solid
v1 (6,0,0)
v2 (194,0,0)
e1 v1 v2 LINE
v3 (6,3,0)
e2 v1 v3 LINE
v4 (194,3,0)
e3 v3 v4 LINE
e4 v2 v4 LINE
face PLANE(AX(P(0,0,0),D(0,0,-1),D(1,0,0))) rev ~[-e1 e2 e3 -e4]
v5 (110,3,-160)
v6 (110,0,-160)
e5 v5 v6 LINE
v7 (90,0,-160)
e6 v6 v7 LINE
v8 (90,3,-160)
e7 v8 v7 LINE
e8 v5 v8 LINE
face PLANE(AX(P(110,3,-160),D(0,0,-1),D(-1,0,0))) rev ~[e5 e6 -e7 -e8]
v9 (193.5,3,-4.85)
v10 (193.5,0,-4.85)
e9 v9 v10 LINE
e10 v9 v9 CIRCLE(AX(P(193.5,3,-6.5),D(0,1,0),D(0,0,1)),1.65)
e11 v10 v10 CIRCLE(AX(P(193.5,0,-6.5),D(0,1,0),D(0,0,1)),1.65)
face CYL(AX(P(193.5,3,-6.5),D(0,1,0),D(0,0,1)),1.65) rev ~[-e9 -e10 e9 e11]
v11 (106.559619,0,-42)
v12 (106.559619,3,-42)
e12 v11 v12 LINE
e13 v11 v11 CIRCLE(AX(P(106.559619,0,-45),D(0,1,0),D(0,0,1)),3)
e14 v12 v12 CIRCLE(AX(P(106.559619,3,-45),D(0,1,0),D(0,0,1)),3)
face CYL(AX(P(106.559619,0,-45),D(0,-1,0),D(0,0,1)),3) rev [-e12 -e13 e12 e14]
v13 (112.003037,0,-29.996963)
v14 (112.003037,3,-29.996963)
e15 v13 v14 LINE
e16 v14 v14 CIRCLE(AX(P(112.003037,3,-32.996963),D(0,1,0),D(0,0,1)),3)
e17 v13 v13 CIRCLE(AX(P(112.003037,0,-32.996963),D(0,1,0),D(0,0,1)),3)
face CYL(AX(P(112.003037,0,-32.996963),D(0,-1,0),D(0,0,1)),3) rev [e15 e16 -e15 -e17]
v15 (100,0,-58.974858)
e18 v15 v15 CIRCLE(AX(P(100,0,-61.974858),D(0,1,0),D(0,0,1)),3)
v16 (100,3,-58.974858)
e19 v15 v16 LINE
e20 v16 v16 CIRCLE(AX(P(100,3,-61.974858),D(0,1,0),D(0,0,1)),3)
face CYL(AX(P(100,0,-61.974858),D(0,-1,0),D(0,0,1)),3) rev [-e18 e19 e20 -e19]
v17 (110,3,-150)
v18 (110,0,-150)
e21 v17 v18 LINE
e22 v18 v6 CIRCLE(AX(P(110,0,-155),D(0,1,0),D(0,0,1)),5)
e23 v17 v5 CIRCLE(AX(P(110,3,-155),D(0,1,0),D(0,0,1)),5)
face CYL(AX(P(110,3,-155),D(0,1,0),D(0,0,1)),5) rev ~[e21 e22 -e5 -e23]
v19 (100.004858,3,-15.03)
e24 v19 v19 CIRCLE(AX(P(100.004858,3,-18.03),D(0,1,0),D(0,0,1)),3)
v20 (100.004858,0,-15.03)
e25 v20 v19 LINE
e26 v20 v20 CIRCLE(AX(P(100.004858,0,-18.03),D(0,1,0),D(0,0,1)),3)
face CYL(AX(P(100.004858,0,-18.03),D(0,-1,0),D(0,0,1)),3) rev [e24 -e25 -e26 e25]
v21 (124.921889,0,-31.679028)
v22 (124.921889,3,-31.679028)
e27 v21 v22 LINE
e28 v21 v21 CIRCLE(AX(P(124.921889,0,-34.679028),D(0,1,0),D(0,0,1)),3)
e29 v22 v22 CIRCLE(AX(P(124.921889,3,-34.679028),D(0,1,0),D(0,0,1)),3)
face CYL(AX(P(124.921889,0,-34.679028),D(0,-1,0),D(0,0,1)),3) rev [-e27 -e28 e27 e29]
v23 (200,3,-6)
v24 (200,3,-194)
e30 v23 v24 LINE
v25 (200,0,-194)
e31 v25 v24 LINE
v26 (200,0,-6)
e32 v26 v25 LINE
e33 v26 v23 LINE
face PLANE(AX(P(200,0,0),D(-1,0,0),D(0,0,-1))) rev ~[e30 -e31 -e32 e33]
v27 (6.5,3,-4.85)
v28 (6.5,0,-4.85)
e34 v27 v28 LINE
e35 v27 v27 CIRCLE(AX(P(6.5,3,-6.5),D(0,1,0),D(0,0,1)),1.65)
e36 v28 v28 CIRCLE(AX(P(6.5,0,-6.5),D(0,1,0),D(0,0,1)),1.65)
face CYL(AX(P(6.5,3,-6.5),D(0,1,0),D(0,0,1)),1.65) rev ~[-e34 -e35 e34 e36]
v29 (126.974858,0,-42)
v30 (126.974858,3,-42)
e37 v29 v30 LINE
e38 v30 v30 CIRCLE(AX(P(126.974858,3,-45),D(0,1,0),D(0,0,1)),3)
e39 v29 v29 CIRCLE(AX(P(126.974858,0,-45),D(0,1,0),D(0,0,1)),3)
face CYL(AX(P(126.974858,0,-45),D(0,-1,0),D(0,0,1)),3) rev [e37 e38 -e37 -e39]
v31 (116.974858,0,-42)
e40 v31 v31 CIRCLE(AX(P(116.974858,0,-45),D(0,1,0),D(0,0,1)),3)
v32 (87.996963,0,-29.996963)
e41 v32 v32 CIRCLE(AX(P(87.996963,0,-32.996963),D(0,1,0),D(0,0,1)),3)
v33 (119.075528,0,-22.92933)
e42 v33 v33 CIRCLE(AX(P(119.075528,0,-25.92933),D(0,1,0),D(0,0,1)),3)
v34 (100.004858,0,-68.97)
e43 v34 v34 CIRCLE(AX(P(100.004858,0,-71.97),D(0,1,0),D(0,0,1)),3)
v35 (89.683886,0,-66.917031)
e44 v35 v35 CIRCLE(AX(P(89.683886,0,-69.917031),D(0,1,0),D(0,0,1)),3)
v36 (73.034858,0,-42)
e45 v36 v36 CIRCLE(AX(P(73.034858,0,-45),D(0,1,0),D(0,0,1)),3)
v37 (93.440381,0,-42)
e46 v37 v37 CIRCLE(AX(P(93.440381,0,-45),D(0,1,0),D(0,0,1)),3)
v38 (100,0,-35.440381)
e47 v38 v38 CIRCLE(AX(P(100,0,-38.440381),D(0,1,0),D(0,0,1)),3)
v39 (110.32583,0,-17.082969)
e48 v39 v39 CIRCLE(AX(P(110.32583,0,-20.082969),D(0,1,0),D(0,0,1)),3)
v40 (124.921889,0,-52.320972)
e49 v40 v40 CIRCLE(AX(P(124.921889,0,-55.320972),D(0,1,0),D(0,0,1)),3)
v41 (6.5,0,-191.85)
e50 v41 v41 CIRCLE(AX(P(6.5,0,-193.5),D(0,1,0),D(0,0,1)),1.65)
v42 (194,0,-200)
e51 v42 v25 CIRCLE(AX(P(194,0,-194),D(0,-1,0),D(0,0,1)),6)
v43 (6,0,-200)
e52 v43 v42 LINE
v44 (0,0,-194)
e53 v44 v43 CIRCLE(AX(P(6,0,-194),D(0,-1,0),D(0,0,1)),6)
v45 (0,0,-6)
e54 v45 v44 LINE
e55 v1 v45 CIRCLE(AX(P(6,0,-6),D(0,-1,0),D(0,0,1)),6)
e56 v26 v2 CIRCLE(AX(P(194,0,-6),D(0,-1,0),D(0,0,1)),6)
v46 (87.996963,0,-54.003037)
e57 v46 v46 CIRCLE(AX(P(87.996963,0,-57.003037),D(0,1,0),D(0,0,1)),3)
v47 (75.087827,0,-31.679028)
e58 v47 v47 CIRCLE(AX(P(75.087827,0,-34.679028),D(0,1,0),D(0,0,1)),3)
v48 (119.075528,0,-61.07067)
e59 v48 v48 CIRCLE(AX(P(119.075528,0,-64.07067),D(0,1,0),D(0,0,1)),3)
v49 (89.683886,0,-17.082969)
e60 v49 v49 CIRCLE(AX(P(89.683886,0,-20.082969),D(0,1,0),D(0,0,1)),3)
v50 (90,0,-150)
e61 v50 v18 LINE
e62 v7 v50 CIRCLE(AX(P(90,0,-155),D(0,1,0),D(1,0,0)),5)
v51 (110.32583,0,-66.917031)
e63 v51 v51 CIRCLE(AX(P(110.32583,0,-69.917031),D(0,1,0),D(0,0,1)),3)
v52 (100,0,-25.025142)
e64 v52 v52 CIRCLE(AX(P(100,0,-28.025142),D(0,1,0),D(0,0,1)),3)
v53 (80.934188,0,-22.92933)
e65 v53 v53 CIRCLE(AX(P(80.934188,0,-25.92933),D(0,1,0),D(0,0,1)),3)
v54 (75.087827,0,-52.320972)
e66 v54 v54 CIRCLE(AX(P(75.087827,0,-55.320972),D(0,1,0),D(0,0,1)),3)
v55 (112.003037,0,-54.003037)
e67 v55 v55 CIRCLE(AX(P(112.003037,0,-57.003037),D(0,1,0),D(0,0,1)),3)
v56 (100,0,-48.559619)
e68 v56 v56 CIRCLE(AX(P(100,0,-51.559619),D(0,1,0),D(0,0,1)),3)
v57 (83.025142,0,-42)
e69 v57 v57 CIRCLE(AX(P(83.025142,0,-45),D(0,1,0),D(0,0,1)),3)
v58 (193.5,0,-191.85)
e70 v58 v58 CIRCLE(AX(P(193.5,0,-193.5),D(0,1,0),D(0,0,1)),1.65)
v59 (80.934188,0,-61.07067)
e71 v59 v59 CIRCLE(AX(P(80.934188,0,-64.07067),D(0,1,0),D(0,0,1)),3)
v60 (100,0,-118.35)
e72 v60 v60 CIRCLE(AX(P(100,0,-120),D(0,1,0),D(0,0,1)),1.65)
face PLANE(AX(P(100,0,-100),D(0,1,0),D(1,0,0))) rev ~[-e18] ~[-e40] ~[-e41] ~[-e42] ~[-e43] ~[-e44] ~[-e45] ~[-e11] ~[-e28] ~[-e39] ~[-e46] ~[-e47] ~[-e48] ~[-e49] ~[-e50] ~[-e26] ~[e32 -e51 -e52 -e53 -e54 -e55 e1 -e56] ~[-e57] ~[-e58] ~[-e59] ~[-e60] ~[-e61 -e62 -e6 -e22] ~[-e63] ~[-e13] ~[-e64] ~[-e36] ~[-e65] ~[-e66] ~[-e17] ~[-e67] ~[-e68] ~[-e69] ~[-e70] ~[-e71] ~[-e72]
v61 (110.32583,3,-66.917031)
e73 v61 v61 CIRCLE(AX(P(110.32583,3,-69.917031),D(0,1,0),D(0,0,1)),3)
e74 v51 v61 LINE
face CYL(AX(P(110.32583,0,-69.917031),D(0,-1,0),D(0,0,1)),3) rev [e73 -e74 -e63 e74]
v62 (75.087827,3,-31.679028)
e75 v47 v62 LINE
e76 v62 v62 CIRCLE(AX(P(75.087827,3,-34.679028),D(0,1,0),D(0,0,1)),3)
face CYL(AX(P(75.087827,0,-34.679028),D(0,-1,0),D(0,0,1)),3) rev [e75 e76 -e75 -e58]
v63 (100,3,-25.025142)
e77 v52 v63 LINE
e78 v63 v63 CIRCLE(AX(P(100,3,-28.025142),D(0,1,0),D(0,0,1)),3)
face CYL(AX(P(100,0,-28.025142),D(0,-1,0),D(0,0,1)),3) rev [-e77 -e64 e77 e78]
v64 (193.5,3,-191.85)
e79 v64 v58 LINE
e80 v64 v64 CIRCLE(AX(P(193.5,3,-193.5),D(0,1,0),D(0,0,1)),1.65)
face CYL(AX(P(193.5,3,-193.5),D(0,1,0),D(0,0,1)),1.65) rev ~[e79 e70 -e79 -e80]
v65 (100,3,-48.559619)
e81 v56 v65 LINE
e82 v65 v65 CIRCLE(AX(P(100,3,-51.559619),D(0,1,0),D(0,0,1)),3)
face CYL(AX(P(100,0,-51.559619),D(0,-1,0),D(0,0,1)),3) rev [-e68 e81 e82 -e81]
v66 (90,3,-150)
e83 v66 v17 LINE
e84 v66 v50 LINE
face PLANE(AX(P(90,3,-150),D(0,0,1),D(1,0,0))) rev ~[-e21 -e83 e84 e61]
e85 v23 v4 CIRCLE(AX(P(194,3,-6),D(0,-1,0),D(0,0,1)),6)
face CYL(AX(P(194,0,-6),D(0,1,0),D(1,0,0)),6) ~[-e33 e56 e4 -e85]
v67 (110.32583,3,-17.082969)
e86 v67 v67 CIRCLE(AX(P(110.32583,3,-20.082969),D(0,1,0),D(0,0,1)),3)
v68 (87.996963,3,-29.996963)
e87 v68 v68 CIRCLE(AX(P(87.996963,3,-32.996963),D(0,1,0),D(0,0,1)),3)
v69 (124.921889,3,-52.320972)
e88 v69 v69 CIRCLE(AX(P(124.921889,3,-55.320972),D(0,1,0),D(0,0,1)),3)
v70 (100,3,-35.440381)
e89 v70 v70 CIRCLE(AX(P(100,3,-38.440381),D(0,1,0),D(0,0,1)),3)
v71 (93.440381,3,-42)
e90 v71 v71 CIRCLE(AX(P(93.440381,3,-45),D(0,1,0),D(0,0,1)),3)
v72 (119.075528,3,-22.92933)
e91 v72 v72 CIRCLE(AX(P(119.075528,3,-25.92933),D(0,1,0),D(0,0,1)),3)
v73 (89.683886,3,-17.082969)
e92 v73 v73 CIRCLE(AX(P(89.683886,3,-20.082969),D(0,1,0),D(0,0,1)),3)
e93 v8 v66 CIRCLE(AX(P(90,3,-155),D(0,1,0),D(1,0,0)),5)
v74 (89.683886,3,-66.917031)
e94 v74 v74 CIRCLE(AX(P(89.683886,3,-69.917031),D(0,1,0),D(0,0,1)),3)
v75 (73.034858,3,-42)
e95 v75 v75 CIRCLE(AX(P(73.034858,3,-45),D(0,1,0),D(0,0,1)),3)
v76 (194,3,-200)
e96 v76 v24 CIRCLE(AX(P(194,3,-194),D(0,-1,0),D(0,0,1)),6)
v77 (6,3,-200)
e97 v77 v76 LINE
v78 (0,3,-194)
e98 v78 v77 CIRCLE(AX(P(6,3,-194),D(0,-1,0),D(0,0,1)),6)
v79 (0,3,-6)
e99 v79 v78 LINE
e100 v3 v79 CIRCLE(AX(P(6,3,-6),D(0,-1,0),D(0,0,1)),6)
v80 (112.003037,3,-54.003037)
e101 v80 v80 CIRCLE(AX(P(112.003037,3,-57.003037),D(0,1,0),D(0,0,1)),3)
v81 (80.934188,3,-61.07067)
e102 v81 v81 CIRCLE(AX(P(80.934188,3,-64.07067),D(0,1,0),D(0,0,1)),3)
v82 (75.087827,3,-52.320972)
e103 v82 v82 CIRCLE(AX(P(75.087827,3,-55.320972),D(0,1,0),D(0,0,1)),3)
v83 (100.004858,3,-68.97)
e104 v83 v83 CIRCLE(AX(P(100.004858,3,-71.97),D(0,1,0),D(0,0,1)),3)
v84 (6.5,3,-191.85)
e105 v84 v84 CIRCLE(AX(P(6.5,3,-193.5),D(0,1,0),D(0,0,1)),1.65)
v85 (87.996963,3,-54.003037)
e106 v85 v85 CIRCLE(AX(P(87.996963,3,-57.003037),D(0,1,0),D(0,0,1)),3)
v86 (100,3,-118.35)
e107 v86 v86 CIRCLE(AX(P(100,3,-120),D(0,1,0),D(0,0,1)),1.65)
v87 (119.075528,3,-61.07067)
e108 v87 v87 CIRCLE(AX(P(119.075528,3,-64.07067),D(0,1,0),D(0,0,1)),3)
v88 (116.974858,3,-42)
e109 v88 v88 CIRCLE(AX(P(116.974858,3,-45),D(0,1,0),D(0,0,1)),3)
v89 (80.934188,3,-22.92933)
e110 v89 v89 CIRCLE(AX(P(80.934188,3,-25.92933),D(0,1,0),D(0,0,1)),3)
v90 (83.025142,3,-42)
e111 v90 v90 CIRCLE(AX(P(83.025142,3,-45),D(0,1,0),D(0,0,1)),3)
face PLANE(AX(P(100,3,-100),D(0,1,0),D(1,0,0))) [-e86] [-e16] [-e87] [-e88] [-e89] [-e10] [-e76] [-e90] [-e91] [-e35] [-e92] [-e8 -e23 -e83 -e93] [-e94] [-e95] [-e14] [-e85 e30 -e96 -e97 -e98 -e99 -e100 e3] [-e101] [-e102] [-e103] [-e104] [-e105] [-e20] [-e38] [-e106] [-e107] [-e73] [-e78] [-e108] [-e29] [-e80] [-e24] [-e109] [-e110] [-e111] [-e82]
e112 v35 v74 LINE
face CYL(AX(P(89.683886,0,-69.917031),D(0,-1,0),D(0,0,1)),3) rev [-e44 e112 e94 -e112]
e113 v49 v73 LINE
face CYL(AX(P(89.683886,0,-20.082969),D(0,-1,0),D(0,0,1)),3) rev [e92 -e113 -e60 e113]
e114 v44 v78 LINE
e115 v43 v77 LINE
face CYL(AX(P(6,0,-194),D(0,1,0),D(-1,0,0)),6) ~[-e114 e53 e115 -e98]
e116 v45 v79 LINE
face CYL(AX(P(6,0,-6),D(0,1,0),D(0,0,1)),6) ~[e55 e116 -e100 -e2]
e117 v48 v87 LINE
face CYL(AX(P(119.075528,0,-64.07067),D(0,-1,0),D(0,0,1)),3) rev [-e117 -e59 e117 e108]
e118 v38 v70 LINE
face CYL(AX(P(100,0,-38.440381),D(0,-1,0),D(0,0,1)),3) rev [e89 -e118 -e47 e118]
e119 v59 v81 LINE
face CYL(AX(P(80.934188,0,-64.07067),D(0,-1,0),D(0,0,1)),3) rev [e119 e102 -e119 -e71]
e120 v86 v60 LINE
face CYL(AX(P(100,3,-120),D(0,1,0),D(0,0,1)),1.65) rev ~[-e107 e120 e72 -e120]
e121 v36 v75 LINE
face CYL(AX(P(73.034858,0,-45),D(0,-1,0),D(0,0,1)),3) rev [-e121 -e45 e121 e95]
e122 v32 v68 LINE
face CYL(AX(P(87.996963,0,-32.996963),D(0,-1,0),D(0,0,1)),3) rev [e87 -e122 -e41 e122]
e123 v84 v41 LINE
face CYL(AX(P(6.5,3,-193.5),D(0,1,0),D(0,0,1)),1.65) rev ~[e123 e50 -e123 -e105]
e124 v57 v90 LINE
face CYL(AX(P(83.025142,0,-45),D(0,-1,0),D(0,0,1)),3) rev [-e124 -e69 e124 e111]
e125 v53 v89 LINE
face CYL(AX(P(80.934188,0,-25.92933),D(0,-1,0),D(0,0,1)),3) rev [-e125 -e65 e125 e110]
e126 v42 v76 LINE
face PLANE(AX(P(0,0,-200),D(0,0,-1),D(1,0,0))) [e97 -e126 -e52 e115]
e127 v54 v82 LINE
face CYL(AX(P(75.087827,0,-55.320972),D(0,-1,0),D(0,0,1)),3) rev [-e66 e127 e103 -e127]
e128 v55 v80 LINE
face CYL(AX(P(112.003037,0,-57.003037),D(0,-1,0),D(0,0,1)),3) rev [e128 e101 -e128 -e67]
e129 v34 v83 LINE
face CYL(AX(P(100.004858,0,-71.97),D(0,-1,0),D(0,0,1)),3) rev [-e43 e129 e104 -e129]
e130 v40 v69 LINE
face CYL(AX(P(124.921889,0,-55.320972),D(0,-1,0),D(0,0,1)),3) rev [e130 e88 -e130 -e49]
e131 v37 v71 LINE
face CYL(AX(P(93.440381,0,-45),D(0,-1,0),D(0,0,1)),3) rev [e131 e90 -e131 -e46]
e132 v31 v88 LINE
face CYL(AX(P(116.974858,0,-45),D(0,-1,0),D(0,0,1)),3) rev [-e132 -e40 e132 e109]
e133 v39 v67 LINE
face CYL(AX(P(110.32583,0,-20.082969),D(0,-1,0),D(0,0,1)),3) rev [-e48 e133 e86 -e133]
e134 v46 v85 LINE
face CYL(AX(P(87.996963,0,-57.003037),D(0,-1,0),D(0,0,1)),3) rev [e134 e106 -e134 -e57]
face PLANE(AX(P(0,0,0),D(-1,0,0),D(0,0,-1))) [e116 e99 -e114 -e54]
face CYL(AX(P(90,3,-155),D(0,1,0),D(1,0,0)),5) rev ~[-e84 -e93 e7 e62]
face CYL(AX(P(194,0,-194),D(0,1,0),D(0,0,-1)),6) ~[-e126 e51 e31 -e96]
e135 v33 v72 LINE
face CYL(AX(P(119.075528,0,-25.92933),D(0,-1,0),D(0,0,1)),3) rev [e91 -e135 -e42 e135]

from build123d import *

# Parameters (mm, degrees)
SKETCH1_W           = 200
SKETCH1_H           = 200
SKETCH1_R           = 3
BOSS_EXTRUDE1_DEPTH = 3
FILLET1_R           = 6
FILLET2_R           = 6
FILLET3_R           = 6
FILLET4_R           = 6
SKETCH2_R           = 1.65
SKETCH2_R_2         = 5
CUT_EXTRUDE1_DEPTH  = 283.85862193


with BuildPart() as part:
    # Sketch1 → Boss-Extrude1 (new body)
    with BuildSketch(Plane(origin=(0, 0, 0), x_dir=(1, 0, 0), z_dir=(0, 1, 0))):
        with Locations((100, 100)):
            Rectangle(SKETCH1_W, SKETCH1_H)
        with Locations(Location((116.974857902, 45, 0), (0, 0, 270))):
            Circle(SKETCH1_R, mode=Mode.SUBTRACT)
        with Locations(Location((112.003037132, 32.996962868, 0), (0, 0, 270))):
            Circle(SKETCH1_R, mode=Mode.SUBTRACT)
        with Locations(Location((100, 28.025142098, 0), (0, 0, 270))):
            Circle(SKETCH1_R, mode=Mode.SUBTRACT)
        with Locations(Location((87.996962868, 32.996962868, 0), (0, 0, 270))):
            Circle(SKETCH1_R, mode=Mode.SUBTRACT)
        with Locations(Location((83.025142098, 45, 0), (0, 0, 270))):
            Circle(SKETCH1_R, mode=Mode.SUBTRACT)
        with Locations(Location((87.996962868, 57.003037132, 0), (0, 0, 270))):
            Circle(SKETCH1_R, mode=Mode.SUBTRACT)
        with Locations(Location((100, 61.974857902, 0), (0, 0, 270))):
            Circle(SKETCH1_R, mode=Mode.SUBTRACT)
        with Locations(Location((112.003037132, 57.003037132, 0), (0, 0, 270))):
            Circle(SKETCH1_R, mode=Mode.SUBTRACT)
        with Locations(Location((126.974857902, 45, 0), (0, 0, 270))):
            Circle(SKETCH1_R, mode=Mode.SUBTRACT)
        with Locations(Location((124.921888894, 34.679027829, 0), (0, 0, 270))):
            Circle(SKETCH1_R, mode=Mode.SUBTRACT)
        with Locations(Location((119.075527791, 25.929330111, 0), (0, 0, 270))):
            Circle(SKETCH1_R, mode=Mode.SUBTRACT)
        with Locations(Location((110.325830073, 20.082969008, 0), (0, 0, 270))):
            Circle(SKETCH1_R, mode=Mode.SUBTRACT)
        with Locations(Location((100.004857902, 18.03, 0), (0, 0, 270))):
            Circle(SKETCH1_R, mode=Mode.SUBTRACT)
        with Locations(Location((89.683885731, 20.082969008, 0), (0, 0, 270))):
            Circle(SKETCH1_R, mode=Mode.SUBTRACT)
        with Locations(Location((80.934188014, 25.929330111, 0), (0, 0, 270))):
            Circle(SKETCH1_R, mode=Mode.SUBTRACT)
        with Locations(Location((75.08782691, 34.679027829, 0), (0, 0, 270))):
            Circle(SKETCH1_R, mode=Mode.SUBTRACT)
        with Locations(Location((106.559618743, 45, 0), (0, 0, 270))):
            Circle(SKETCH1_R, mode=Mode.SUBTRACT)
        with Locations(Location((100, 38.440381257, 0), (0, 0, 270))):
            Circle(SKETCH1_R, mode=Mode.SUBTRACT)
        with Locations(Location((93.440381257, 45, 0), (0, 0, 270))):
            Circle(SKETCH1_R, mode=Mode.SUBTRACT)
        with Locations(Location((100, 51.559618743, 0), (0, 0, 270))):
            Circle(SKETCH1_R, mode=Mode.SUBTRACT)
        with Locations(Location((73.034857902, 45, 0), (0, 0, 270))):
            Circle(SKETCH1_R, mode=Mode.SUBTRACT)
        with Locations(Location((75.08782691, 55.320972171, 0), (0, 0, 270))):
            Circle(SKETCH1_R, mode=Mode.SUBTRACT)
        with Locations(Location((80.934188014, 64.070669889, 0), (0, 0, 270))):
            Circle(SKETCH1_R, mode=Mode.SUBTRACT)
        with Locations(Location((89.683885731, 69.917030992, 0), (0, 0, 270))):
            Circle(SKETCH1_R, mode=Mode.SUBTRACT)
        with Locations(Location((100.004857902, 71.97, 0), (0, 0, 270))):
            Circle(SKETCH1_R, mode=Mode.SUBTRACT)
        with Locations(Location((110.325830073, 69.917030992, 0), (0, 0, 270))):
            Circle(SKETCH1_R, mode=Mode.SUBTRACT)
        with Locations(Location((119.075527791, 64.070669889, 0), (0, 0, 270))):
            Circle(SKETCH1_R, mode=Mode.SUBTRACT)
        with Locations(Location((124.921888894, 55.320972171, 0), (0, 0, 270))):
            Circle(SKETCH1_R, mode=Mode.SUBTRACT)
    extrude(amount=BOSS_EXTRUDE1_DEPTH)

    # Fillet1
    fillet1_edges = [part.edges().sort_by_distance(p)[0] for p in [
        (0, 1.5, -200),
    ]]
    fillet(fillet1_edges, radius=FILLET1_R)

    # Fillet2
    fillet2_edges = [part.edges().sort_by_distance(p)[0] for p in [
        (200, 1.5, -200),
    ]]
    fillet(fillet2_edges, radius=FILLET2_R)

    # Fillet3
    fillet3_edges = [part.edges().sort_by_distance(p)[0] for p in [
        (200, 1.5, 0),
    ]]
    fillet(fillet3_edges, radius=FILLET3_R)

    # Fillet4
    fillet4_edges = [part.edges().sort_by_distance(p)[0] for p in [
        (0, 1.5, 0),
    ]]
    fillet(fillet4_edges, radius=FILLET4_R)

    # Sketch2 → Cut-Extrude1 (cut, through all)
    with BuildSketch(Plane(origin=(0, 3, 0), x_dir=(1, 0, 0), z_dir=(0, 1, 0))):
        with Locations(Location((6.5, 6.5, 0), (0, 0, 270))):
            Circle(SKETCH2_R)
        with Locations(Location((193.5, 6.5, 0), (0, 0, 270))):
            Circle(SKETCH2_R)
        with Locations(Location((193.5, 193.5, 0), (0, 0, 270))):
            Circle(SKETCH2_R)
        with Locations((90, 155)):
            Circle(SKETCH2_R_2)
        with BuildLine():
            ThreePointArc((110, 150), (105, 155), (110, 160))
            Line((110, 160), (90, 160))
            ThreePointArc((90, 160), (93.535533906, 158.535533906), (95, 155))
            ThreePointArc((95, 155), (93.535533906, 151.464466094), (90, 150))
            Line((90, 150), (110, 150))
        make_face()
        with Locations((110, 155)):
            Circle(SKETCH2_R_2)
        with Locations(Location((100, 120, 0), (0, 0, 270))):
            Circle(SKETCH2_R)
        with Locations(Location((6.5, 193.5, 0), (0, 0, 270))):
            Circle(SKETCH2_R)
    extrude(amount=-CUT_EXTRUDE1_DEPTH, mode=Mode.SUBTRACT)


solid = part.part
